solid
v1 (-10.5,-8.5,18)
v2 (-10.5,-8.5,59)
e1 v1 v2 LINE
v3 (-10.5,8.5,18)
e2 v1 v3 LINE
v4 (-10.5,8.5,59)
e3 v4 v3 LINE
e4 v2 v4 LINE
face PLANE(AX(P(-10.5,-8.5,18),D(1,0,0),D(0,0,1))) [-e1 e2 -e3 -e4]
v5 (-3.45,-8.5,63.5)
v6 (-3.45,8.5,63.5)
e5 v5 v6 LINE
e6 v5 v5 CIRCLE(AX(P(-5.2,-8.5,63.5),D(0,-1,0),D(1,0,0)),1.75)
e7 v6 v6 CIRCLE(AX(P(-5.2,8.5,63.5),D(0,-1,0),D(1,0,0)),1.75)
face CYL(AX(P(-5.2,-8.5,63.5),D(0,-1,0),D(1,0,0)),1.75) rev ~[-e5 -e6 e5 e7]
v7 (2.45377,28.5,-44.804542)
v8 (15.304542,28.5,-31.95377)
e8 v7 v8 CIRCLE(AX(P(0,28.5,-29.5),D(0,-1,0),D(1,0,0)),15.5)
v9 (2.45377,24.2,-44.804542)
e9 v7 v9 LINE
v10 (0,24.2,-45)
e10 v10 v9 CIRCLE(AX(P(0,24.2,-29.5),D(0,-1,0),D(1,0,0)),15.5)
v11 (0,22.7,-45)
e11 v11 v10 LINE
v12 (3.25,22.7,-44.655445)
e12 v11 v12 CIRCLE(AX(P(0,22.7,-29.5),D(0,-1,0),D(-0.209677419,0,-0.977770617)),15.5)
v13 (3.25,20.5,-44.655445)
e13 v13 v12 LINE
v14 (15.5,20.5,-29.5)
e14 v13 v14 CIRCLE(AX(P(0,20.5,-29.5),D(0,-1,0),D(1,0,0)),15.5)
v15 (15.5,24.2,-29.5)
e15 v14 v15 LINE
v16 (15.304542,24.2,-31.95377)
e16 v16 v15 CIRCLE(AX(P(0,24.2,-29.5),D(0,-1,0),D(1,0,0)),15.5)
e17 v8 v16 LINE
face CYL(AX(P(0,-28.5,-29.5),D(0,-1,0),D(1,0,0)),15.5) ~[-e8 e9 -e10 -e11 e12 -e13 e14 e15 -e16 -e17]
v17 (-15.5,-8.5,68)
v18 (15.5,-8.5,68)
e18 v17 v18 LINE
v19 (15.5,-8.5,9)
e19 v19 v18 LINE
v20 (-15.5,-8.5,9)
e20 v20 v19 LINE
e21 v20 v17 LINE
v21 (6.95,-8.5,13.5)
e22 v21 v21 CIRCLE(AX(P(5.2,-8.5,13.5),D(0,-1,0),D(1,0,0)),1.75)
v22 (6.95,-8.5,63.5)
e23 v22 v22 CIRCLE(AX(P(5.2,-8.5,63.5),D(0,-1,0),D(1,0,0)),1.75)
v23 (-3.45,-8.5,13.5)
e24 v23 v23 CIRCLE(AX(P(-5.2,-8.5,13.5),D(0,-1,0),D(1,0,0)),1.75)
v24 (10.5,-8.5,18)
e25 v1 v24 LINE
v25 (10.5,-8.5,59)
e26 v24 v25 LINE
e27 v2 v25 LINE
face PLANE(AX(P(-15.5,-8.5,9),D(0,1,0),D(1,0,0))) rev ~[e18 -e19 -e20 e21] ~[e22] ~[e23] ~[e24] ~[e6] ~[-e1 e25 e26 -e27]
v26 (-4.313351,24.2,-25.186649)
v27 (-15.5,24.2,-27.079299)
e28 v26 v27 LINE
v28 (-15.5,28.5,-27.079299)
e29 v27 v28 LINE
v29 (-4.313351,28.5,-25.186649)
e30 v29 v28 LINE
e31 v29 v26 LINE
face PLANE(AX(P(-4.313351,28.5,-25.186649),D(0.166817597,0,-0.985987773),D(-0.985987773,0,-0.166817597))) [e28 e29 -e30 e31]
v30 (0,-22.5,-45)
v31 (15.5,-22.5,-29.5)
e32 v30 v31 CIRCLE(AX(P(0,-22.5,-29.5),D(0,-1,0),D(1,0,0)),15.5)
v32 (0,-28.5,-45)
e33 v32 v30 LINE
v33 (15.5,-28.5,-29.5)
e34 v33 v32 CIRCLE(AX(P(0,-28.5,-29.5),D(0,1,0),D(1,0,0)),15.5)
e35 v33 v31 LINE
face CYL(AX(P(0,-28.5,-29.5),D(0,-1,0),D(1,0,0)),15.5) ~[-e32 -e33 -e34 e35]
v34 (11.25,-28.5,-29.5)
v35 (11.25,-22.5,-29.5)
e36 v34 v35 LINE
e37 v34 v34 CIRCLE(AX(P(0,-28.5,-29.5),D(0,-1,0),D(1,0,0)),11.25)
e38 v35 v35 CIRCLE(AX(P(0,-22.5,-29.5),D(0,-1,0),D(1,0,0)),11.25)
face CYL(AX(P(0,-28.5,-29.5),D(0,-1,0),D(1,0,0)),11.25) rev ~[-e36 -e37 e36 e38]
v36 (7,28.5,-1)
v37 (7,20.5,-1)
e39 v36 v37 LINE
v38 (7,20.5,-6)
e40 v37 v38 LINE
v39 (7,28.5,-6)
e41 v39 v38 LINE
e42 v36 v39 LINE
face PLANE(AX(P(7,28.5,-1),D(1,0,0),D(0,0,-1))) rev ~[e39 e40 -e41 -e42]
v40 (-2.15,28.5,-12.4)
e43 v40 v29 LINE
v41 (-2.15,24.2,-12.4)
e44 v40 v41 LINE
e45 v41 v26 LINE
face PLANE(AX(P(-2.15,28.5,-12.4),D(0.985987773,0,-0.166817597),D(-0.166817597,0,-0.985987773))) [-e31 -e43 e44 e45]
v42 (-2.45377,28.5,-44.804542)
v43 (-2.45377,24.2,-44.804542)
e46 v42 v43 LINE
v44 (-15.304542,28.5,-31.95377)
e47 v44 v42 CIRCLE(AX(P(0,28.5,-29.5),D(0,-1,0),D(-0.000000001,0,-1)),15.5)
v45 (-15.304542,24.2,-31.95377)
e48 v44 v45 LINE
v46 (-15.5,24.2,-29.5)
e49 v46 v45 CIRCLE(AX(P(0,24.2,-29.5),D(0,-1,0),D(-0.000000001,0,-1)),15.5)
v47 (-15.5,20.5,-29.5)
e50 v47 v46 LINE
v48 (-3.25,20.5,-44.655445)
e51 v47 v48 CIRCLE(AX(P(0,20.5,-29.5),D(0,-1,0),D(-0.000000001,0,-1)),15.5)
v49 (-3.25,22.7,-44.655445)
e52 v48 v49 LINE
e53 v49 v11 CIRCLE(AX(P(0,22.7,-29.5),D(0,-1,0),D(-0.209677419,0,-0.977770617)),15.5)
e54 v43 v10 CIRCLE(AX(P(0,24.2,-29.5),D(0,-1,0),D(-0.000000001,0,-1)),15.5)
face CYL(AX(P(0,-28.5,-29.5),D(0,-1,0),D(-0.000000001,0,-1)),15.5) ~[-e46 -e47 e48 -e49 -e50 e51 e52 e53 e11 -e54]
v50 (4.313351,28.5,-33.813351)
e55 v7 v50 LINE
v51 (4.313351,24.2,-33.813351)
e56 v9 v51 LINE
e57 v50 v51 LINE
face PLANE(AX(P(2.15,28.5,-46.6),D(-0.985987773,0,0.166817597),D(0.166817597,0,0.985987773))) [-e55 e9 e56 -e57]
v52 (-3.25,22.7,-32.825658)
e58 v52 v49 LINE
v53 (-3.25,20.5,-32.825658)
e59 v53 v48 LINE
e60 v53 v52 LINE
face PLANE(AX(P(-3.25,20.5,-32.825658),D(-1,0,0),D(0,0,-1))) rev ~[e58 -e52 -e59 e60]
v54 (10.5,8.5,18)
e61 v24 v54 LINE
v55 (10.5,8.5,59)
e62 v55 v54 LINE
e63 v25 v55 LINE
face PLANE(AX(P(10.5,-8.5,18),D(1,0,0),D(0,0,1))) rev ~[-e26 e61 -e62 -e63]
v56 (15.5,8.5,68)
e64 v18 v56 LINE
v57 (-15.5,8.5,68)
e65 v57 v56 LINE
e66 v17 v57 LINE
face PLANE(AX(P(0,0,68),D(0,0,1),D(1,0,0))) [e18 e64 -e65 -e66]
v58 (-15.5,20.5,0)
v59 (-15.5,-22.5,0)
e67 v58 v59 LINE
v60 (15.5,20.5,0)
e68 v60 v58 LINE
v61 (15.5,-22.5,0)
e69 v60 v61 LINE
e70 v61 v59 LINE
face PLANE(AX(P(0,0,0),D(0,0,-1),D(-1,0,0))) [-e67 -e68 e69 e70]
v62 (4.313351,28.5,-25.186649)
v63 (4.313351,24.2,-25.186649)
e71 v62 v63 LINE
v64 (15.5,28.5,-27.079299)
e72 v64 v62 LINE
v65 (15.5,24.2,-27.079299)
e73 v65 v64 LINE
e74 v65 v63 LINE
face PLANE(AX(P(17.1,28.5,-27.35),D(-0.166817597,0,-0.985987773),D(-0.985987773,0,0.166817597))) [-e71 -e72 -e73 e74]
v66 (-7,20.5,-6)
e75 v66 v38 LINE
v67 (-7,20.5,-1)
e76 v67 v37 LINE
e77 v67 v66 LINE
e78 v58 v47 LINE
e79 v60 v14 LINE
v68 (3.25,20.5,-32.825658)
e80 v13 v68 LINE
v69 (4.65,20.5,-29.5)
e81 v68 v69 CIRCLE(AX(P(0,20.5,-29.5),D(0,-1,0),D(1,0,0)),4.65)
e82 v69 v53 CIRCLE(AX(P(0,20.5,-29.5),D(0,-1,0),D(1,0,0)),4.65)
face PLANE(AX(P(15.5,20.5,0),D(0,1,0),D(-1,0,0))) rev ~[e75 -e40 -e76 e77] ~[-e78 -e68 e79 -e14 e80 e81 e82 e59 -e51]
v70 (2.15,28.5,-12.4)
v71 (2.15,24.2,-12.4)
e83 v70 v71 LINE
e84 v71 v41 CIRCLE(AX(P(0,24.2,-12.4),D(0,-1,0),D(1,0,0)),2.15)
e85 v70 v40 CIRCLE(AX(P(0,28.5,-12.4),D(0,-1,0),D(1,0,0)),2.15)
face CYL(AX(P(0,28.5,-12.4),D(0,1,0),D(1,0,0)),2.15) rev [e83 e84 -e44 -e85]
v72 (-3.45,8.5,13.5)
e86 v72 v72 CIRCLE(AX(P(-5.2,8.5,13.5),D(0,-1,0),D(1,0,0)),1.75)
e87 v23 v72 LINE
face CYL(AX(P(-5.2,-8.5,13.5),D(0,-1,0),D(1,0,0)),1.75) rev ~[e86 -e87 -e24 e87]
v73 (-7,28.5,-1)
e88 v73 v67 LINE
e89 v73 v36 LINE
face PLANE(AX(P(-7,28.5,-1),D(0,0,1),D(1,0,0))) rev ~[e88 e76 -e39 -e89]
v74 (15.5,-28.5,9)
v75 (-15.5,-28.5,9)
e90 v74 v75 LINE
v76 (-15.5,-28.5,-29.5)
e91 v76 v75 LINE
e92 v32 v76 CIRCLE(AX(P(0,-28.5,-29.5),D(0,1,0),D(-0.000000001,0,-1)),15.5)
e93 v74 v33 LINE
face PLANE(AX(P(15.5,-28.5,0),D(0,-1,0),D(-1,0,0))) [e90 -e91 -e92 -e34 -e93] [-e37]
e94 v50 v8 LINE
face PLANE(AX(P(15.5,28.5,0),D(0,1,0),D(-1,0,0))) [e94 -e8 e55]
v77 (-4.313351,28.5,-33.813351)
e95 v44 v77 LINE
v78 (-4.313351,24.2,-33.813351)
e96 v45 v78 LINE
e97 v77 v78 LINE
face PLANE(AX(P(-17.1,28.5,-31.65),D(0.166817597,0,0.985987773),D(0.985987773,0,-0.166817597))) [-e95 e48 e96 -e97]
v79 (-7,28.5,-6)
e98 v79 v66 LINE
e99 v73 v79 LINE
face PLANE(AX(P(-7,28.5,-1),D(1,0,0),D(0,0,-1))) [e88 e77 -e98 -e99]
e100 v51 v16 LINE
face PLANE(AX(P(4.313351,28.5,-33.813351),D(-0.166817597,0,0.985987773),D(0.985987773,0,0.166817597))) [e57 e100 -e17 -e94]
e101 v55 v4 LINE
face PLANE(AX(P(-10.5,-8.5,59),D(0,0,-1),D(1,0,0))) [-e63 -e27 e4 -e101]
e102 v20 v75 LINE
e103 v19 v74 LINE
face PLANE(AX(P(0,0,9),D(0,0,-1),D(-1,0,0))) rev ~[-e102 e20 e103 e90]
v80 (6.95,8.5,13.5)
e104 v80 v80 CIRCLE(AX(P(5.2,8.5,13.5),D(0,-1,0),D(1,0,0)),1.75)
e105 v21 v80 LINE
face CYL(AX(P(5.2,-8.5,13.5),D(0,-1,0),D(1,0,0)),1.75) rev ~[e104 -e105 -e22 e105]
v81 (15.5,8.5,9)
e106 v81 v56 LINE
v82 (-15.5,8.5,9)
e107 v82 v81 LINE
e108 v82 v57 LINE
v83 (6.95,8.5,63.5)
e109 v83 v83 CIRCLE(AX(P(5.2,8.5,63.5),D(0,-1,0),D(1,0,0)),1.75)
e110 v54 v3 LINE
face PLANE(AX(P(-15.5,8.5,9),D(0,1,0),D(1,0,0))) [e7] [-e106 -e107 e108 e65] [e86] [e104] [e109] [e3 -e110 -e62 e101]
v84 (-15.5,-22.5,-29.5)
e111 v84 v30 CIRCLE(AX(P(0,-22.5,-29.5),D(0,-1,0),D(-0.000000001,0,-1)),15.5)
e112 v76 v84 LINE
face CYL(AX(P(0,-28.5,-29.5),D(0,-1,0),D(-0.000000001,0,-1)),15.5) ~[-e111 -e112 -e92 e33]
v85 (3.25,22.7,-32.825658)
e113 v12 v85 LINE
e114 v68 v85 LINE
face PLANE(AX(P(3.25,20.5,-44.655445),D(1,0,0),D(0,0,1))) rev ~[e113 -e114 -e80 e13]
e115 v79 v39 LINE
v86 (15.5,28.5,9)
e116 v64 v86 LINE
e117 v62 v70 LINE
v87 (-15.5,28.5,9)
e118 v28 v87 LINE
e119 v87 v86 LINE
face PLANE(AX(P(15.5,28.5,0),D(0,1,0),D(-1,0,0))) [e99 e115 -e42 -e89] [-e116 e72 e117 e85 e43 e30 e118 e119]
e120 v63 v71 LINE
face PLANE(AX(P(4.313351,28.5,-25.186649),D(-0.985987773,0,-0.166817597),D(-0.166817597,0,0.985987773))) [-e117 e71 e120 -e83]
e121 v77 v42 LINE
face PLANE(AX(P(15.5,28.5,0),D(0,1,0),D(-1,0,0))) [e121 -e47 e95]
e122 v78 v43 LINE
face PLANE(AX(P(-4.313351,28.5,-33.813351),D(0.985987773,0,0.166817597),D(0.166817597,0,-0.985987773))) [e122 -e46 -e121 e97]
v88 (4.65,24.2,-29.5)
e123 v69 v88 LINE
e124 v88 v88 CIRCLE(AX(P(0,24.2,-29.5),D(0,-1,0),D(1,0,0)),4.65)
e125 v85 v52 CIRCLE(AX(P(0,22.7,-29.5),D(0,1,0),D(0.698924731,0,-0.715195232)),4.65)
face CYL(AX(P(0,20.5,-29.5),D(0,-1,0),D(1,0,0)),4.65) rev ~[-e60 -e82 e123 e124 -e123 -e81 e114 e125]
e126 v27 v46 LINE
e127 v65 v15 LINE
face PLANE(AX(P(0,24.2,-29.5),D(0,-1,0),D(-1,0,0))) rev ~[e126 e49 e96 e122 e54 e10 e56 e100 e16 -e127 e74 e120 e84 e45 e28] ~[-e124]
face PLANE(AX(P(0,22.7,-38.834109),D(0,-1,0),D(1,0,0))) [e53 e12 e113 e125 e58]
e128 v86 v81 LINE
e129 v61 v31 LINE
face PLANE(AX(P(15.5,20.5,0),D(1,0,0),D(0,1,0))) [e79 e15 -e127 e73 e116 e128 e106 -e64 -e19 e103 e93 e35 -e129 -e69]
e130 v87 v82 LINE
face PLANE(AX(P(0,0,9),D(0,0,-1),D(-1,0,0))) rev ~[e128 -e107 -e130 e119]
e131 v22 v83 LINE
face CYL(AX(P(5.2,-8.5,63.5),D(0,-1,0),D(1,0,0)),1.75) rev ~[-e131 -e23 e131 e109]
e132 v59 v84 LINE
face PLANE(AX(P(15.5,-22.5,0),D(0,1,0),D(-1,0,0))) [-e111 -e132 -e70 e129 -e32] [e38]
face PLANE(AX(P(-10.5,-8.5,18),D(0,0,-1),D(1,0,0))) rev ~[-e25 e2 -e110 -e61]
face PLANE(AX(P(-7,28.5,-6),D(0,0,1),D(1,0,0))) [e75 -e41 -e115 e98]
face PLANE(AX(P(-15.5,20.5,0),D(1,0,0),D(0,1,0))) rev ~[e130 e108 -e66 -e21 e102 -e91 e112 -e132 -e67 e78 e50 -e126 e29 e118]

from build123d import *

# Parameters (mm, degrees)
BOSS_EXTRUDE1_DEPTH = 9
SKETCH4_W           = 31
SKETCH4_H           = 8
SKETCH4_H_2         = 6
BOSS_EXTRUDE4_DEPTH = 45
CUT_EXTRUDE1_DEPTH  = 58
SKETCH6_3_R         = 11.25
CUT_EXTRUDE2_DEPTH  = 6
CUT_EXTRUDE3_DEPTH  = 4.3
CUT_EXTRUDE4_DEPTH  = 2.2
SKETCH9_3_R         = 4.65
CUT_EXTRUDE5_DEPTH  = 8
SKETCH10_W          = 31
SKETCH10_H          = 17
BOSS_EXTRUDE5_DEPTH = 59
SKETCH11_R          = 1.75
SKETCH11_W          = 21
SKETCH11_H          = 41
CUT_EXTRUDE6_DEPTH  = 38
SKETCH13_W          = 14
SKETCH13_H          = 5
CUT_EXTRUDE8_DEPTH  = 9


with BuildPart() as part:
    # Sketch1 → Boss-Extrude1 (new body)
    with BuildSketch(Plane.XY):
        Polygon((15.5, -28.5), (-15.5, -28.5), (-15.5, -10.3), (-15.5, 10.3), (-15.5, 28.5), (15.5, 28.5), align=None)
    extrude(amount=BOSS_EXTRUDE1_DEPTH)

    # Sketch4 → Boss-Extrude4 (add)
    with BuildSketch(Plane(origin=(0, 0, 0), x_dir=(-1, 0, 0), z_dir=(0, 0, -1))):
        with Locations((0, 24.5)):
            Rectangle(SKETCH4_W, SKETCH4_H)
        with Locations((0, -25.5)):
            Rectangle(SKETCH4_W, SKETCH4_H_2)
    extrude(amount=BOSS_EXTRUDE4_DEPTH)

    # Sketch6 → Cut-Extrude1 (cut, through all)
    with BuildSketch(Plane.XZ.offset(28.5)):
        with BuildLine():
            ThreePointArc((15.5, -29.5), (10.960155101, -40.460155116), (-2.1e-08, -45))
            Line((-2.1e-08, -45), (15.5, -45))
            Line((15.5, -45), (15.5, -29.5))
        make_face()
        with BuildLine():
            ThreePointArc((-2.1e-08, -45), (-10.960155116, -40.460155101), (-15.5, -29.5))
            Line((-15.5, -29.5), (-15.5, -45))
            Line((-15.5, -45), (-2.1e-08, -45))
        make_face()
    extrude(amount=-CUT_EXTRUDE1_DEPTH, mode=Mode.SUBTRACT)

    # Sketch6<3> → Cut-Extrude2 (cut)
    with BuildSketch(Plane.XZ.offset(28.5)):
        with Locations((0, -29.5)):
            Circle(SKETCH6_3_R)
    extrude(amount=-CUT_EXTRUDE2_DEPTH, mode=Mode.SUBTRACT)

    # Sketch7 → Cut-Extrude3 (cut)
    with BuildSketch(Plane(origin=(0, 28.5, 0), x_dir=(1, 0, 0), z_dir=(0, 1, 0))):
        with BuildLine():
            Line((-17.1, 31.65), (-4.313351365, 33.813351365))
            Line((-4.313351365, 33.813351365), (-2.15, 46.6))
            ThreePointArc((-2.15, 46.6), (0, 48.75), (2.15, 46.6))
            Line((2.15, 46.6), (4.313351365, 33.813351365))
            Line((4.313351365, 33.813351365), (17.1, 31.65))
            ThreePointArc((17.1, 31.65), (19.25, 29.5), (17.1, 27.35))
            Line((17.1, 27.35), (4.313351365, 25.186648635))
            Line((4.313351365, 25.186648635), (2.15, 12.4))
            ThreePointArc((2.15, 12.4), (0, 10.25), (-2.15, 12.4))
            Line((-2.15, 12.4), (-4.313351365, 25.186648635))
            Line((-4.313351365, 25.186648635), (-17.1, 27.35))
            ThreePointArc((-17.1, 27.35), (-19.25, 29.5), (-17.1, 31.65))
        make_face()
    extrude(amount=-CUT_EXTRUDE3_DEPTH, mode=Mode.SUBTRACT)

    # Sketch9 → Cut-Extrude4 (cut)
    with BuildSketch(Plane.XZ.offset(-20.5)):
        with BuildLine():
            ThreePointArc((3.25, -32.82565783), (0, -34.15), (-3.25, -32.82565783))
            Line((-3.25, -32.82565783), (-3.25, -44.655444566))
            ThreePointArc((-3.25, -44.655444566), (0, -45), (3.25, -44.655444566))
            Line((3.25, -44.655444566), (3.25, -32.82565783))
        make_face()
    extrude(amount=-CUT_EXTRUDE4_DEPTH, mode=Mode.SUBTRACT)

    # Sketch9<3> → Cut-Extrude5 (cut)
    with BuildSketch(Plane.XZ.offset(-20.5)):
        with Locations((0, -29.5)):
            Circle(SKETCH9_3_R)
    extrude(amount=-CUT_EXTRUDE5_DEPTH, mode=Mode.SUBTRACT)

    # Sketch10 → Boss-Extrude5 (add)
    with BuildSketch(Plane.XY.offset(9)):
        Rectangle(SKETCH10_W, SKETCH10_H)
    extrude(amount=BOSS_EXTRUDE5_DEPTH)

    # Sketch11 → Cut-Extrude6 (cut, through all)
    with BuildSketch(Plane.XZ.offset(8.5)):
        with Locations((5.2, 13.5)):
            Circle(SKETCH11_R)
        with Locations((-5.2, 13.5)):
            Circle(SKETCH11_R)
        with Locations((5.2, 63.5)):
            Circle(SKETCH11_R)
        with Locations((-5.2, 63.5)):
            Circle(SKETCH11_R)
        with Locations((0, 38.5)):
            Rectangle(SKETCH11_W, SKETCH11_H)
    extrude(amount=-CUT_EXTRUDE6_DEPTH, mode=Mode.SUBTRACT)

    # Sketch13 → Cut-Extrude8 (cut)
    with BuildSketch(Plane(origin=(0, 28.5, 0), x_dir=(1, 0, 0), z_dir=(0, 1, 0))):
        with Locations((0, 3.5)):
            Rectangle(SKETCH13_W, SKETCH13_H)
    extrude(amount=-CUT_EXTRUDE8_DEPTH, mode=Mode.SUBTRACT)


solid = part.part
